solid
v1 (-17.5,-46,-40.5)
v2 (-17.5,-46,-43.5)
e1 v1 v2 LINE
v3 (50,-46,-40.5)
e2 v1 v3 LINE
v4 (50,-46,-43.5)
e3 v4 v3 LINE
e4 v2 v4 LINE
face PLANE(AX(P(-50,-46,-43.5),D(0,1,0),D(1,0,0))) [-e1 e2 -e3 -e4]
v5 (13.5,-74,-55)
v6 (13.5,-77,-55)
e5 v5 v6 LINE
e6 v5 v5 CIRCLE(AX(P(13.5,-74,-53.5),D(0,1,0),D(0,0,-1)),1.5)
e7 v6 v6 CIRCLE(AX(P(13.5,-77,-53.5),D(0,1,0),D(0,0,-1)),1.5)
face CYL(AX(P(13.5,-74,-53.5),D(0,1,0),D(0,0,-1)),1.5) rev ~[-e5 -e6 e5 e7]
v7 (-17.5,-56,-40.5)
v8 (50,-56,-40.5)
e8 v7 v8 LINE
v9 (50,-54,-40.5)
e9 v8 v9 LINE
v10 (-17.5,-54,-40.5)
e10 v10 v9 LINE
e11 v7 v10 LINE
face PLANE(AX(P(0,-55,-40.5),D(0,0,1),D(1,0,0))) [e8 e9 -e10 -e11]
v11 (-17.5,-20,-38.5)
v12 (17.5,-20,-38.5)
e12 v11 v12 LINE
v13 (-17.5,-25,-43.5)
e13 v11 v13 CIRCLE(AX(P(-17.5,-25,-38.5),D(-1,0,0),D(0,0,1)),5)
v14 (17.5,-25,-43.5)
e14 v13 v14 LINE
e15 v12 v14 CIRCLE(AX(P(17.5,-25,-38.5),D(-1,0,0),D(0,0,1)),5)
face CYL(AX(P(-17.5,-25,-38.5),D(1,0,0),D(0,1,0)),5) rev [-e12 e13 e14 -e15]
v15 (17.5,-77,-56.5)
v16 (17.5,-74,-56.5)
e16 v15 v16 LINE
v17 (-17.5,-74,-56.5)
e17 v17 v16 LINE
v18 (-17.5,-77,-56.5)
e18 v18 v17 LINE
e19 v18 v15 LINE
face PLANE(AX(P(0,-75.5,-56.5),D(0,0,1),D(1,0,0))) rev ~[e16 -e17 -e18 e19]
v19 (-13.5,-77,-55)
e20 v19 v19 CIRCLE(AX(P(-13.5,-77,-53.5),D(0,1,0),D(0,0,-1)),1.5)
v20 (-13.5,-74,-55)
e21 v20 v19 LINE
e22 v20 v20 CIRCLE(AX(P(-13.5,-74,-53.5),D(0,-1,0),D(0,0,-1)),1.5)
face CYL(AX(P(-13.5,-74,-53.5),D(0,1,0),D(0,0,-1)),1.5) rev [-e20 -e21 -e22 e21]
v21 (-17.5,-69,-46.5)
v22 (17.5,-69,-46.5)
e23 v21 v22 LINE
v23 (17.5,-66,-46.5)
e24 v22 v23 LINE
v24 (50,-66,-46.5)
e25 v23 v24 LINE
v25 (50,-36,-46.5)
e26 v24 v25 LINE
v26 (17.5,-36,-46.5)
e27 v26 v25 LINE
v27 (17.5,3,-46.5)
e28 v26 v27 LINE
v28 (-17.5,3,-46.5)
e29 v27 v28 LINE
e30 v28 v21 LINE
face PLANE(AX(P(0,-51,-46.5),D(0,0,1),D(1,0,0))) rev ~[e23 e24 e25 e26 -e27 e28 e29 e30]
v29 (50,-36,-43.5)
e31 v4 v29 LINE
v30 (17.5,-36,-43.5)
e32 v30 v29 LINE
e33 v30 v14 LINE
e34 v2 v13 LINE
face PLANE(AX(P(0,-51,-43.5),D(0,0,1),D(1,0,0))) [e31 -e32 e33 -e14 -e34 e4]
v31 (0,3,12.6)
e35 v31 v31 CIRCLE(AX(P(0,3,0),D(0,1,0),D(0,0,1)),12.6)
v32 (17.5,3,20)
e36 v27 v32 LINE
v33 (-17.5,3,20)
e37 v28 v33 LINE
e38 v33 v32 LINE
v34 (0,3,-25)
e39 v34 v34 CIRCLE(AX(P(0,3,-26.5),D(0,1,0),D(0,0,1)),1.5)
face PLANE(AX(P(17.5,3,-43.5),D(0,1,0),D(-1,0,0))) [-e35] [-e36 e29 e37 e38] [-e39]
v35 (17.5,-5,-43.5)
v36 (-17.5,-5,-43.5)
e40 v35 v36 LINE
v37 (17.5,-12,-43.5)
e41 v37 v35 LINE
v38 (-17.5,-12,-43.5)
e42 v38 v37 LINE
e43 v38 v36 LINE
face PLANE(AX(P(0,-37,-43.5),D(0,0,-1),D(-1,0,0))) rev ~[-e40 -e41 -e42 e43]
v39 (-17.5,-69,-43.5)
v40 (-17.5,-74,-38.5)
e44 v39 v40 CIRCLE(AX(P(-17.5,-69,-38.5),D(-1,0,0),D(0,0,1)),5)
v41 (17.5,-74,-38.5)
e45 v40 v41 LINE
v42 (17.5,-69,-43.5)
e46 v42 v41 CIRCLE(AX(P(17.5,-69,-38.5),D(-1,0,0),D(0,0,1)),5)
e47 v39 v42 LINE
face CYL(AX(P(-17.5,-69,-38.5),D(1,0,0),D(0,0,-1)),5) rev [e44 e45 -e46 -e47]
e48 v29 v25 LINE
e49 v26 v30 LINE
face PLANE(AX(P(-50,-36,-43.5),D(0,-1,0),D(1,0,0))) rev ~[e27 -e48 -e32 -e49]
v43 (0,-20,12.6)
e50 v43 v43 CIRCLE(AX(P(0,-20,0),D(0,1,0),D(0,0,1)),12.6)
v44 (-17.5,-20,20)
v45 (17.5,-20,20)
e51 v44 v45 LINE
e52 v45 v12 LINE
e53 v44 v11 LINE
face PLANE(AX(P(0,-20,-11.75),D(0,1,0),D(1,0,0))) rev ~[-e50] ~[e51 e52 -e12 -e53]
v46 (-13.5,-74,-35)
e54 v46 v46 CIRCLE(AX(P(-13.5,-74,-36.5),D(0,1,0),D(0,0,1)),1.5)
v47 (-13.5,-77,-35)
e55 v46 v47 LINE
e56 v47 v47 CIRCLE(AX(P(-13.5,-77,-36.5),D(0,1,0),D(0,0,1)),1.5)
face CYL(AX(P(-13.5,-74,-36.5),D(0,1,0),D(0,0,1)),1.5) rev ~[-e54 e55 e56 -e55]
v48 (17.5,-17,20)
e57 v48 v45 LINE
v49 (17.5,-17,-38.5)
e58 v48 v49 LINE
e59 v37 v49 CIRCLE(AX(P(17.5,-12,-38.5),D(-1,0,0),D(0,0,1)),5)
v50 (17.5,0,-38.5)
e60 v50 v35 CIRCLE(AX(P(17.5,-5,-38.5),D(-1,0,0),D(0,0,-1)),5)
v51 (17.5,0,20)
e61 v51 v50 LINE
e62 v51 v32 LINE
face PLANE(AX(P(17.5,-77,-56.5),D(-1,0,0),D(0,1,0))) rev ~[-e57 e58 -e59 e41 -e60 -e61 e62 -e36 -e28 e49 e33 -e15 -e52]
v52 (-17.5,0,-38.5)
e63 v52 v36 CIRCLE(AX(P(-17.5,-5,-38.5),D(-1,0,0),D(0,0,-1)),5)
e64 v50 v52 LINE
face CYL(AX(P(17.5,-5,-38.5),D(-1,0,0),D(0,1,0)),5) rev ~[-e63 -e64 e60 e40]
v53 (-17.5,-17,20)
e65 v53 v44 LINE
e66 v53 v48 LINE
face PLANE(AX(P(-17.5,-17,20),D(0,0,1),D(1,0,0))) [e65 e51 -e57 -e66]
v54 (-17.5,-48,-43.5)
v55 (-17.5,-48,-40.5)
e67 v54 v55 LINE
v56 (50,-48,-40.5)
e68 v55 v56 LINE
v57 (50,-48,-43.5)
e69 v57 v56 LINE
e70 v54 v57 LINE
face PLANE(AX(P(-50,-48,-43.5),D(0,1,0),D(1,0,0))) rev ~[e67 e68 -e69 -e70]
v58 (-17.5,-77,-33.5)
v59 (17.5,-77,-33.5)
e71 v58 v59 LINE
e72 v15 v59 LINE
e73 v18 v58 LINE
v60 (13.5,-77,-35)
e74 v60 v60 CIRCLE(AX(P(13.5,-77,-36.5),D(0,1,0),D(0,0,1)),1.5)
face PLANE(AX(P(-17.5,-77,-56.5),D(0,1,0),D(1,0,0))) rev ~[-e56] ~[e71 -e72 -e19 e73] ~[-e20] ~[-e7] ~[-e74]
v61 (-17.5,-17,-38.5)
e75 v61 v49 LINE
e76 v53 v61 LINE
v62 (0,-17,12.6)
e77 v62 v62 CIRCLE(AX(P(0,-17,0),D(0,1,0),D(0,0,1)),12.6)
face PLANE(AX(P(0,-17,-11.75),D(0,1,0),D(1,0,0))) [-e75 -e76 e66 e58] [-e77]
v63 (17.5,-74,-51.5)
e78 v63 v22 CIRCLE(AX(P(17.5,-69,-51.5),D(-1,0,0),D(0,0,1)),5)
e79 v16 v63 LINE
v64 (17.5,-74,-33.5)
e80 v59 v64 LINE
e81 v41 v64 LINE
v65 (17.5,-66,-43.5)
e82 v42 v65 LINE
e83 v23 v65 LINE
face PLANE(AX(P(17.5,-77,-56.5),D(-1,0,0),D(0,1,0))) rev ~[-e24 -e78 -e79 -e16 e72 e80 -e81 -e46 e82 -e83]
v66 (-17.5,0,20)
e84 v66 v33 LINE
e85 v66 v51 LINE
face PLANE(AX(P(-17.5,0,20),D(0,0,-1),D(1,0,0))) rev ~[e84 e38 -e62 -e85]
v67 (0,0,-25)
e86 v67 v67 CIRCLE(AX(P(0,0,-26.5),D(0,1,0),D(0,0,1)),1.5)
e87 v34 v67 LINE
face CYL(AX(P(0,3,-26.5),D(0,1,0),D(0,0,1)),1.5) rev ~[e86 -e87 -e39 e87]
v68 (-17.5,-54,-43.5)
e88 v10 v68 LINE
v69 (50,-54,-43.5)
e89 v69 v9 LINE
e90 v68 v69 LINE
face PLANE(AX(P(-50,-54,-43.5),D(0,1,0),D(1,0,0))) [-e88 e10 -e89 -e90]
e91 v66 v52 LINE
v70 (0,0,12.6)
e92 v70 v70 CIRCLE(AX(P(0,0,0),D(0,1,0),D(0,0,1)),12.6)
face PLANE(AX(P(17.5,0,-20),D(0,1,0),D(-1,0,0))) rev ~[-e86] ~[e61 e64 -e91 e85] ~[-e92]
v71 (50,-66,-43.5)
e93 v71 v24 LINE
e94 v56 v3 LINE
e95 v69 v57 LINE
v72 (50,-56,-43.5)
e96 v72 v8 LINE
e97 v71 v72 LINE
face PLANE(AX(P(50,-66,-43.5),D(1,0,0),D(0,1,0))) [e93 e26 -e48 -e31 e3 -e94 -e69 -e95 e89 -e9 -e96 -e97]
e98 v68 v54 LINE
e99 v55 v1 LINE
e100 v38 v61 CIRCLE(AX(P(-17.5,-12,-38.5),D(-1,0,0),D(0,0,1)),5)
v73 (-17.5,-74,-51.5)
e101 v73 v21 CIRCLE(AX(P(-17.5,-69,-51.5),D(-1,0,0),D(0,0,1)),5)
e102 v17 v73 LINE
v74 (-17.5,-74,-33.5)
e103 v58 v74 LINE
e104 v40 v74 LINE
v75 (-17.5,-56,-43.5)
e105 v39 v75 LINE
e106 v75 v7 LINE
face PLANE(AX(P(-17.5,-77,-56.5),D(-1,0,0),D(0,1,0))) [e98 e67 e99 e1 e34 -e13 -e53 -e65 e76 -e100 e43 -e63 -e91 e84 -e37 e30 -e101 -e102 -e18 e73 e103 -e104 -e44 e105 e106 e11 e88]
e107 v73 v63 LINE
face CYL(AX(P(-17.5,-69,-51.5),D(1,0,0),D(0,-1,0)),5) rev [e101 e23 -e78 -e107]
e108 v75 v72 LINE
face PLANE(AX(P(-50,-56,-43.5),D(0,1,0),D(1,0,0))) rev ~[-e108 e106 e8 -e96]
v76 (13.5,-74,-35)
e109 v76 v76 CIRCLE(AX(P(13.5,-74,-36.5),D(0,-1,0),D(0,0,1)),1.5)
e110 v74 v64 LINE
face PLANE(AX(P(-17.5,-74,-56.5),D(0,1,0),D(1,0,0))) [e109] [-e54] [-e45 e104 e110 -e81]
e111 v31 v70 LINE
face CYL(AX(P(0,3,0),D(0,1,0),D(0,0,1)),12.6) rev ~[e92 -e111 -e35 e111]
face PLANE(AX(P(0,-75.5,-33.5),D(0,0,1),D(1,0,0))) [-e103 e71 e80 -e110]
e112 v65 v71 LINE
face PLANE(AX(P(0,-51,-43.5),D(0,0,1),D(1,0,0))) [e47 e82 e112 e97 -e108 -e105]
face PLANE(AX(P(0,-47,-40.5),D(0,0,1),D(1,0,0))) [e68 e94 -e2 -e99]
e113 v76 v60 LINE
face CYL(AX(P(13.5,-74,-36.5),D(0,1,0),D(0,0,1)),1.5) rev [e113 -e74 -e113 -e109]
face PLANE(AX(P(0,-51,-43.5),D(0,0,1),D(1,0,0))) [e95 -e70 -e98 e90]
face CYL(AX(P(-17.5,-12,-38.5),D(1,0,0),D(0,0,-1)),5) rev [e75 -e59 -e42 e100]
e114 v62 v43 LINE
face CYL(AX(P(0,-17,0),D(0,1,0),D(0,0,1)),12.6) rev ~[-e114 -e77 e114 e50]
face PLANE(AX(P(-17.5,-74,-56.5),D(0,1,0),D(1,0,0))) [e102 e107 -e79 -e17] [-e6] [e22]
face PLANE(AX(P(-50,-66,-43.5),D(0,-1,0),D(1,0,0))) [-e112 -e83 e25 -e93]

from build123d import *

# Parameters (mm, degrees)
SKETCH1_W                = 35
SKETCH1_H                = 40
BOSS_EXTRUDE1_DEPTH      = 3
SKETCH2_R                = 12.6
CUT_EXTRUDE1_DEPTH       = 27.744158241
SKETCH4_W                = 35
SKETCH4_H                = 3
BOSS_EXTRUDE2_DEPTH      = 23.5
SKETCH5_W                = 35
SKETCH5_H                = 80
BOSS_EXTRUDE3_DEPTH      = 3
SKETCH6_W                = 35
SKETCH6_H                = 63.5
SKETCH6_R                = 12.6
BOSS_EXTRUDE4_DEPTH      = 3
BOSS_EXTRUDE5_DEPTH      = 10
BOSS_EXTRUDE5_DEPTH_BACK = 13
SKETCH7_W                = 35
SKETCH7_H                = 3
FILLET1_R                = 5
SKETCH8_W                = 100
SKETCH8_H                = 30
BOSS_EXTRUDE6_DEPTH      = 3
SKETCH10_W               = 100
SKETCH10_H               = 2
BOSS_EXTRUDE8_DEPTH      = 3
SKETCH12_R               = 1.5
CUT_EXTRUDE3_DEPTH       = 108.801901653
MIRROR2_COPY_1_SKETCH_R  = 1.5
MIRROR2_COPY_1_DEPTH     = 108.801901653
CUT_EXTRUDE4_DEPTH       = 32.5
SKETCH26_R               = 1.5
CUT_EXTRUDE17_DEPTH      = 10


with BuildPart() as part:
    # Sketch1 → Boss-Extrude1 (new body)
    with BuildSketch(Plane(origin=(0, 0, 0), x_dir=(1, 0, 0), z_dir=(0, 1, 0))):
        Rectangle(SKETCH1_W, SKETCH1_H)
    extrude(amount=BOSS_EXTRUDE1_DEPTH)

    # Sketch2 → Cut-Extrude1 (cut, through all)
    with BuildSketch(Plane(origin=(0, 3, 0), x_dir=(1, 0, 0), z_dir=(0, 1, 0))):
        with Locations(Location((0, 0, 0), (0, 0, 270))):
            Circle(SKETCH2_R)
    extrude(amount=-CUT_EXTRUDE1_DEPTH, mode=Mode.SUBTRACT)

    # Sketch4 → Boss-Extrude2 (add)
    with BuildSketch(Plane(origin=(0, 0, -20), x_dir=(-1, 0, 0), z_dir=(0, 0, -1))):
        with Locations((0, 1.5)):
            Rectangle(SKETCH4_W, SKETCH4_H)
    extrude(amount=BOSS_EXTRUDE2_DEPTH)

    # Sketch5 → Boss-Extrude3 (add)
    with BuildSketch(Plane(origin=(0, 0, -43.5), x_dir=(-1, 0, 0), z_dir=(0, 0, -1))):
        with Locations((0, -37)):
            Rectangle(SKETCH5_W, SKETCH5_H)
    extrude(amount=BOSS_EXTRUDE3_DEPTH)

    # Sketch6 → Boss-Extrude4 (add)
    with BuildSketch(Plane(origin=(0, -17, 0), x_dir=(1, 0, 0), z_dir=(0, 1, 0))):
        with Locations((0, 11.75)):
            Rectangle(SKETCH6_W, SKETCH6_H)
        with Locations(Location((0, 0, 0), (0, 0, 270))):
            Circle(SKETCH6_R, mode=Mode.SUBTRACT)
    extrude(amount=-BOSS_EXTRUDE4_DEPTH)

    # Sketch7 → Boss-Extrude5 (add, two sides: drawn at the far end of the back side and taken through both)
    with BuildSketch(Plane.XY.offset(-43.5).offset(-BOSS_EXTRUDE5_DEPTH_BACK)):
        with Locations((0, -75.5)):
            Rectangle(SKETCH7_W, SKETCH7_H)
    extrude(amount=BOSS_EXTRUDE5_DEPTH + BOSS_EXTRUDE5_DEPTH_BACK)

    # Fillet1
    fillet1_edges = [part.edges().sort_by_distance(p)[0] for p in [
        (0, 0, -43.5),
        (0, -20, -43.5),
        (0, -17, -43.5),
        (0, -74, -46.5),
        (0, -74, -43.5),
    ]]
    fillet(fillet1_edges, radius=FILLET1_R)

    # Sketch8 → Boss-Extrude6 (add)
    with BuildSketch(Plane.XY.offset(-43.5)):
        with Locations((0, -51)):
            Rectangle(SKETCH8_W, SKETCH8_H)
    extrude(amount=-BOSS_EXTRUDE6_DEPTH)

    # Sketch10 → Boss-Extrude8 (add)
    with BuildSketch(Plane.XY.offset(-43.5)):
        with Locations((0, -47)):
            Rectangle(SKETCH10_W, SKETCH10_H)
        with Locations((0, -55)):
            Rectangle(SKETCH10_W, SKETCH10_H)
    extrude(amount=BOSS_EXTRUDE8_DEPTH)

    # Sketch12 → Cut-Extrude3 (cut, through all)
    with BuildSketch(Plane(origin=(0, -74, 0), x_dir=(1, 0, 0), z_dir=(0, 1, 0))):
        with Locations(Location((-13.5, 36.5, 0), (0, 0, 270))):
            Circle(SKETCH12_R)
    cut_extrude3 = extrude(amount=-CUT_EXTRUDE3_DEPTH, mode=Mode.SUBTRACT)

    # Mirror1: Cut-Extrude3 across plane
    add(cut_extrude3.mirror(Plane.ZY), mode=Mode.SUBTRACT)

    # Mirror2: Cut-Extrude3 across plane
    add(cut_extrude3.mirror(Plane(origin=(0, 0, -45), x_dir=(1, 0, 0), z_dir=(0, 0, -1))), mode=Mode.SUBTRACT)

    # Mirror2 copy 1 sketch → Mirror2 copy 1 (cut, through all)
    with BuildSketch(Plane(origin=(0, -74, -90), x_dir=(-1, 0, 0), z_dir=(0, 1, 0))):
        with Locations(Location((-13.5, 36.5, 0), (0, 0, 270))):
            Circle(MIRROR2_COPY_1_SKETCH_R)
    extrude(amount=-MIRROR2_COPY_1_DEPTH, mode=Mode.SUBTRACT)

    # Sketch13 → Cut-Extrude4 (cut)
    with BuildSketch(Plane.ZY.offset(50)):
        Polygon((-43.5, -36), (-46.5, -36), (-46.5, -66), (-43.5, -66), (-43.5, -56), (-40.5, -56), (-40.5, -54), (-43.5, -54), (-43.5, -48), (-40.5, -48), (-40.5, -46), (-43.5, -46), align=None)
    extrude(amount=-CUT_EXTRUDE4_DEPTH, mode=Mode.SUBTRACT)

    # Sketch26 → Cut-Extrude17 (cut)
    with BuildSketch(Plane(origin=(0, 3, 0), x_dir=(1, 0, 0), z_dir=(0, 1, 0))):
        with Locations(Location((0, 26.5, 0), (0, 0, 270))):
            Circle(SKETCH26_R)
    extrude(amount=-CUT_EXTRUDE17_DEPTH, mode=Mode.SUBTRACT)


solid = part.part
